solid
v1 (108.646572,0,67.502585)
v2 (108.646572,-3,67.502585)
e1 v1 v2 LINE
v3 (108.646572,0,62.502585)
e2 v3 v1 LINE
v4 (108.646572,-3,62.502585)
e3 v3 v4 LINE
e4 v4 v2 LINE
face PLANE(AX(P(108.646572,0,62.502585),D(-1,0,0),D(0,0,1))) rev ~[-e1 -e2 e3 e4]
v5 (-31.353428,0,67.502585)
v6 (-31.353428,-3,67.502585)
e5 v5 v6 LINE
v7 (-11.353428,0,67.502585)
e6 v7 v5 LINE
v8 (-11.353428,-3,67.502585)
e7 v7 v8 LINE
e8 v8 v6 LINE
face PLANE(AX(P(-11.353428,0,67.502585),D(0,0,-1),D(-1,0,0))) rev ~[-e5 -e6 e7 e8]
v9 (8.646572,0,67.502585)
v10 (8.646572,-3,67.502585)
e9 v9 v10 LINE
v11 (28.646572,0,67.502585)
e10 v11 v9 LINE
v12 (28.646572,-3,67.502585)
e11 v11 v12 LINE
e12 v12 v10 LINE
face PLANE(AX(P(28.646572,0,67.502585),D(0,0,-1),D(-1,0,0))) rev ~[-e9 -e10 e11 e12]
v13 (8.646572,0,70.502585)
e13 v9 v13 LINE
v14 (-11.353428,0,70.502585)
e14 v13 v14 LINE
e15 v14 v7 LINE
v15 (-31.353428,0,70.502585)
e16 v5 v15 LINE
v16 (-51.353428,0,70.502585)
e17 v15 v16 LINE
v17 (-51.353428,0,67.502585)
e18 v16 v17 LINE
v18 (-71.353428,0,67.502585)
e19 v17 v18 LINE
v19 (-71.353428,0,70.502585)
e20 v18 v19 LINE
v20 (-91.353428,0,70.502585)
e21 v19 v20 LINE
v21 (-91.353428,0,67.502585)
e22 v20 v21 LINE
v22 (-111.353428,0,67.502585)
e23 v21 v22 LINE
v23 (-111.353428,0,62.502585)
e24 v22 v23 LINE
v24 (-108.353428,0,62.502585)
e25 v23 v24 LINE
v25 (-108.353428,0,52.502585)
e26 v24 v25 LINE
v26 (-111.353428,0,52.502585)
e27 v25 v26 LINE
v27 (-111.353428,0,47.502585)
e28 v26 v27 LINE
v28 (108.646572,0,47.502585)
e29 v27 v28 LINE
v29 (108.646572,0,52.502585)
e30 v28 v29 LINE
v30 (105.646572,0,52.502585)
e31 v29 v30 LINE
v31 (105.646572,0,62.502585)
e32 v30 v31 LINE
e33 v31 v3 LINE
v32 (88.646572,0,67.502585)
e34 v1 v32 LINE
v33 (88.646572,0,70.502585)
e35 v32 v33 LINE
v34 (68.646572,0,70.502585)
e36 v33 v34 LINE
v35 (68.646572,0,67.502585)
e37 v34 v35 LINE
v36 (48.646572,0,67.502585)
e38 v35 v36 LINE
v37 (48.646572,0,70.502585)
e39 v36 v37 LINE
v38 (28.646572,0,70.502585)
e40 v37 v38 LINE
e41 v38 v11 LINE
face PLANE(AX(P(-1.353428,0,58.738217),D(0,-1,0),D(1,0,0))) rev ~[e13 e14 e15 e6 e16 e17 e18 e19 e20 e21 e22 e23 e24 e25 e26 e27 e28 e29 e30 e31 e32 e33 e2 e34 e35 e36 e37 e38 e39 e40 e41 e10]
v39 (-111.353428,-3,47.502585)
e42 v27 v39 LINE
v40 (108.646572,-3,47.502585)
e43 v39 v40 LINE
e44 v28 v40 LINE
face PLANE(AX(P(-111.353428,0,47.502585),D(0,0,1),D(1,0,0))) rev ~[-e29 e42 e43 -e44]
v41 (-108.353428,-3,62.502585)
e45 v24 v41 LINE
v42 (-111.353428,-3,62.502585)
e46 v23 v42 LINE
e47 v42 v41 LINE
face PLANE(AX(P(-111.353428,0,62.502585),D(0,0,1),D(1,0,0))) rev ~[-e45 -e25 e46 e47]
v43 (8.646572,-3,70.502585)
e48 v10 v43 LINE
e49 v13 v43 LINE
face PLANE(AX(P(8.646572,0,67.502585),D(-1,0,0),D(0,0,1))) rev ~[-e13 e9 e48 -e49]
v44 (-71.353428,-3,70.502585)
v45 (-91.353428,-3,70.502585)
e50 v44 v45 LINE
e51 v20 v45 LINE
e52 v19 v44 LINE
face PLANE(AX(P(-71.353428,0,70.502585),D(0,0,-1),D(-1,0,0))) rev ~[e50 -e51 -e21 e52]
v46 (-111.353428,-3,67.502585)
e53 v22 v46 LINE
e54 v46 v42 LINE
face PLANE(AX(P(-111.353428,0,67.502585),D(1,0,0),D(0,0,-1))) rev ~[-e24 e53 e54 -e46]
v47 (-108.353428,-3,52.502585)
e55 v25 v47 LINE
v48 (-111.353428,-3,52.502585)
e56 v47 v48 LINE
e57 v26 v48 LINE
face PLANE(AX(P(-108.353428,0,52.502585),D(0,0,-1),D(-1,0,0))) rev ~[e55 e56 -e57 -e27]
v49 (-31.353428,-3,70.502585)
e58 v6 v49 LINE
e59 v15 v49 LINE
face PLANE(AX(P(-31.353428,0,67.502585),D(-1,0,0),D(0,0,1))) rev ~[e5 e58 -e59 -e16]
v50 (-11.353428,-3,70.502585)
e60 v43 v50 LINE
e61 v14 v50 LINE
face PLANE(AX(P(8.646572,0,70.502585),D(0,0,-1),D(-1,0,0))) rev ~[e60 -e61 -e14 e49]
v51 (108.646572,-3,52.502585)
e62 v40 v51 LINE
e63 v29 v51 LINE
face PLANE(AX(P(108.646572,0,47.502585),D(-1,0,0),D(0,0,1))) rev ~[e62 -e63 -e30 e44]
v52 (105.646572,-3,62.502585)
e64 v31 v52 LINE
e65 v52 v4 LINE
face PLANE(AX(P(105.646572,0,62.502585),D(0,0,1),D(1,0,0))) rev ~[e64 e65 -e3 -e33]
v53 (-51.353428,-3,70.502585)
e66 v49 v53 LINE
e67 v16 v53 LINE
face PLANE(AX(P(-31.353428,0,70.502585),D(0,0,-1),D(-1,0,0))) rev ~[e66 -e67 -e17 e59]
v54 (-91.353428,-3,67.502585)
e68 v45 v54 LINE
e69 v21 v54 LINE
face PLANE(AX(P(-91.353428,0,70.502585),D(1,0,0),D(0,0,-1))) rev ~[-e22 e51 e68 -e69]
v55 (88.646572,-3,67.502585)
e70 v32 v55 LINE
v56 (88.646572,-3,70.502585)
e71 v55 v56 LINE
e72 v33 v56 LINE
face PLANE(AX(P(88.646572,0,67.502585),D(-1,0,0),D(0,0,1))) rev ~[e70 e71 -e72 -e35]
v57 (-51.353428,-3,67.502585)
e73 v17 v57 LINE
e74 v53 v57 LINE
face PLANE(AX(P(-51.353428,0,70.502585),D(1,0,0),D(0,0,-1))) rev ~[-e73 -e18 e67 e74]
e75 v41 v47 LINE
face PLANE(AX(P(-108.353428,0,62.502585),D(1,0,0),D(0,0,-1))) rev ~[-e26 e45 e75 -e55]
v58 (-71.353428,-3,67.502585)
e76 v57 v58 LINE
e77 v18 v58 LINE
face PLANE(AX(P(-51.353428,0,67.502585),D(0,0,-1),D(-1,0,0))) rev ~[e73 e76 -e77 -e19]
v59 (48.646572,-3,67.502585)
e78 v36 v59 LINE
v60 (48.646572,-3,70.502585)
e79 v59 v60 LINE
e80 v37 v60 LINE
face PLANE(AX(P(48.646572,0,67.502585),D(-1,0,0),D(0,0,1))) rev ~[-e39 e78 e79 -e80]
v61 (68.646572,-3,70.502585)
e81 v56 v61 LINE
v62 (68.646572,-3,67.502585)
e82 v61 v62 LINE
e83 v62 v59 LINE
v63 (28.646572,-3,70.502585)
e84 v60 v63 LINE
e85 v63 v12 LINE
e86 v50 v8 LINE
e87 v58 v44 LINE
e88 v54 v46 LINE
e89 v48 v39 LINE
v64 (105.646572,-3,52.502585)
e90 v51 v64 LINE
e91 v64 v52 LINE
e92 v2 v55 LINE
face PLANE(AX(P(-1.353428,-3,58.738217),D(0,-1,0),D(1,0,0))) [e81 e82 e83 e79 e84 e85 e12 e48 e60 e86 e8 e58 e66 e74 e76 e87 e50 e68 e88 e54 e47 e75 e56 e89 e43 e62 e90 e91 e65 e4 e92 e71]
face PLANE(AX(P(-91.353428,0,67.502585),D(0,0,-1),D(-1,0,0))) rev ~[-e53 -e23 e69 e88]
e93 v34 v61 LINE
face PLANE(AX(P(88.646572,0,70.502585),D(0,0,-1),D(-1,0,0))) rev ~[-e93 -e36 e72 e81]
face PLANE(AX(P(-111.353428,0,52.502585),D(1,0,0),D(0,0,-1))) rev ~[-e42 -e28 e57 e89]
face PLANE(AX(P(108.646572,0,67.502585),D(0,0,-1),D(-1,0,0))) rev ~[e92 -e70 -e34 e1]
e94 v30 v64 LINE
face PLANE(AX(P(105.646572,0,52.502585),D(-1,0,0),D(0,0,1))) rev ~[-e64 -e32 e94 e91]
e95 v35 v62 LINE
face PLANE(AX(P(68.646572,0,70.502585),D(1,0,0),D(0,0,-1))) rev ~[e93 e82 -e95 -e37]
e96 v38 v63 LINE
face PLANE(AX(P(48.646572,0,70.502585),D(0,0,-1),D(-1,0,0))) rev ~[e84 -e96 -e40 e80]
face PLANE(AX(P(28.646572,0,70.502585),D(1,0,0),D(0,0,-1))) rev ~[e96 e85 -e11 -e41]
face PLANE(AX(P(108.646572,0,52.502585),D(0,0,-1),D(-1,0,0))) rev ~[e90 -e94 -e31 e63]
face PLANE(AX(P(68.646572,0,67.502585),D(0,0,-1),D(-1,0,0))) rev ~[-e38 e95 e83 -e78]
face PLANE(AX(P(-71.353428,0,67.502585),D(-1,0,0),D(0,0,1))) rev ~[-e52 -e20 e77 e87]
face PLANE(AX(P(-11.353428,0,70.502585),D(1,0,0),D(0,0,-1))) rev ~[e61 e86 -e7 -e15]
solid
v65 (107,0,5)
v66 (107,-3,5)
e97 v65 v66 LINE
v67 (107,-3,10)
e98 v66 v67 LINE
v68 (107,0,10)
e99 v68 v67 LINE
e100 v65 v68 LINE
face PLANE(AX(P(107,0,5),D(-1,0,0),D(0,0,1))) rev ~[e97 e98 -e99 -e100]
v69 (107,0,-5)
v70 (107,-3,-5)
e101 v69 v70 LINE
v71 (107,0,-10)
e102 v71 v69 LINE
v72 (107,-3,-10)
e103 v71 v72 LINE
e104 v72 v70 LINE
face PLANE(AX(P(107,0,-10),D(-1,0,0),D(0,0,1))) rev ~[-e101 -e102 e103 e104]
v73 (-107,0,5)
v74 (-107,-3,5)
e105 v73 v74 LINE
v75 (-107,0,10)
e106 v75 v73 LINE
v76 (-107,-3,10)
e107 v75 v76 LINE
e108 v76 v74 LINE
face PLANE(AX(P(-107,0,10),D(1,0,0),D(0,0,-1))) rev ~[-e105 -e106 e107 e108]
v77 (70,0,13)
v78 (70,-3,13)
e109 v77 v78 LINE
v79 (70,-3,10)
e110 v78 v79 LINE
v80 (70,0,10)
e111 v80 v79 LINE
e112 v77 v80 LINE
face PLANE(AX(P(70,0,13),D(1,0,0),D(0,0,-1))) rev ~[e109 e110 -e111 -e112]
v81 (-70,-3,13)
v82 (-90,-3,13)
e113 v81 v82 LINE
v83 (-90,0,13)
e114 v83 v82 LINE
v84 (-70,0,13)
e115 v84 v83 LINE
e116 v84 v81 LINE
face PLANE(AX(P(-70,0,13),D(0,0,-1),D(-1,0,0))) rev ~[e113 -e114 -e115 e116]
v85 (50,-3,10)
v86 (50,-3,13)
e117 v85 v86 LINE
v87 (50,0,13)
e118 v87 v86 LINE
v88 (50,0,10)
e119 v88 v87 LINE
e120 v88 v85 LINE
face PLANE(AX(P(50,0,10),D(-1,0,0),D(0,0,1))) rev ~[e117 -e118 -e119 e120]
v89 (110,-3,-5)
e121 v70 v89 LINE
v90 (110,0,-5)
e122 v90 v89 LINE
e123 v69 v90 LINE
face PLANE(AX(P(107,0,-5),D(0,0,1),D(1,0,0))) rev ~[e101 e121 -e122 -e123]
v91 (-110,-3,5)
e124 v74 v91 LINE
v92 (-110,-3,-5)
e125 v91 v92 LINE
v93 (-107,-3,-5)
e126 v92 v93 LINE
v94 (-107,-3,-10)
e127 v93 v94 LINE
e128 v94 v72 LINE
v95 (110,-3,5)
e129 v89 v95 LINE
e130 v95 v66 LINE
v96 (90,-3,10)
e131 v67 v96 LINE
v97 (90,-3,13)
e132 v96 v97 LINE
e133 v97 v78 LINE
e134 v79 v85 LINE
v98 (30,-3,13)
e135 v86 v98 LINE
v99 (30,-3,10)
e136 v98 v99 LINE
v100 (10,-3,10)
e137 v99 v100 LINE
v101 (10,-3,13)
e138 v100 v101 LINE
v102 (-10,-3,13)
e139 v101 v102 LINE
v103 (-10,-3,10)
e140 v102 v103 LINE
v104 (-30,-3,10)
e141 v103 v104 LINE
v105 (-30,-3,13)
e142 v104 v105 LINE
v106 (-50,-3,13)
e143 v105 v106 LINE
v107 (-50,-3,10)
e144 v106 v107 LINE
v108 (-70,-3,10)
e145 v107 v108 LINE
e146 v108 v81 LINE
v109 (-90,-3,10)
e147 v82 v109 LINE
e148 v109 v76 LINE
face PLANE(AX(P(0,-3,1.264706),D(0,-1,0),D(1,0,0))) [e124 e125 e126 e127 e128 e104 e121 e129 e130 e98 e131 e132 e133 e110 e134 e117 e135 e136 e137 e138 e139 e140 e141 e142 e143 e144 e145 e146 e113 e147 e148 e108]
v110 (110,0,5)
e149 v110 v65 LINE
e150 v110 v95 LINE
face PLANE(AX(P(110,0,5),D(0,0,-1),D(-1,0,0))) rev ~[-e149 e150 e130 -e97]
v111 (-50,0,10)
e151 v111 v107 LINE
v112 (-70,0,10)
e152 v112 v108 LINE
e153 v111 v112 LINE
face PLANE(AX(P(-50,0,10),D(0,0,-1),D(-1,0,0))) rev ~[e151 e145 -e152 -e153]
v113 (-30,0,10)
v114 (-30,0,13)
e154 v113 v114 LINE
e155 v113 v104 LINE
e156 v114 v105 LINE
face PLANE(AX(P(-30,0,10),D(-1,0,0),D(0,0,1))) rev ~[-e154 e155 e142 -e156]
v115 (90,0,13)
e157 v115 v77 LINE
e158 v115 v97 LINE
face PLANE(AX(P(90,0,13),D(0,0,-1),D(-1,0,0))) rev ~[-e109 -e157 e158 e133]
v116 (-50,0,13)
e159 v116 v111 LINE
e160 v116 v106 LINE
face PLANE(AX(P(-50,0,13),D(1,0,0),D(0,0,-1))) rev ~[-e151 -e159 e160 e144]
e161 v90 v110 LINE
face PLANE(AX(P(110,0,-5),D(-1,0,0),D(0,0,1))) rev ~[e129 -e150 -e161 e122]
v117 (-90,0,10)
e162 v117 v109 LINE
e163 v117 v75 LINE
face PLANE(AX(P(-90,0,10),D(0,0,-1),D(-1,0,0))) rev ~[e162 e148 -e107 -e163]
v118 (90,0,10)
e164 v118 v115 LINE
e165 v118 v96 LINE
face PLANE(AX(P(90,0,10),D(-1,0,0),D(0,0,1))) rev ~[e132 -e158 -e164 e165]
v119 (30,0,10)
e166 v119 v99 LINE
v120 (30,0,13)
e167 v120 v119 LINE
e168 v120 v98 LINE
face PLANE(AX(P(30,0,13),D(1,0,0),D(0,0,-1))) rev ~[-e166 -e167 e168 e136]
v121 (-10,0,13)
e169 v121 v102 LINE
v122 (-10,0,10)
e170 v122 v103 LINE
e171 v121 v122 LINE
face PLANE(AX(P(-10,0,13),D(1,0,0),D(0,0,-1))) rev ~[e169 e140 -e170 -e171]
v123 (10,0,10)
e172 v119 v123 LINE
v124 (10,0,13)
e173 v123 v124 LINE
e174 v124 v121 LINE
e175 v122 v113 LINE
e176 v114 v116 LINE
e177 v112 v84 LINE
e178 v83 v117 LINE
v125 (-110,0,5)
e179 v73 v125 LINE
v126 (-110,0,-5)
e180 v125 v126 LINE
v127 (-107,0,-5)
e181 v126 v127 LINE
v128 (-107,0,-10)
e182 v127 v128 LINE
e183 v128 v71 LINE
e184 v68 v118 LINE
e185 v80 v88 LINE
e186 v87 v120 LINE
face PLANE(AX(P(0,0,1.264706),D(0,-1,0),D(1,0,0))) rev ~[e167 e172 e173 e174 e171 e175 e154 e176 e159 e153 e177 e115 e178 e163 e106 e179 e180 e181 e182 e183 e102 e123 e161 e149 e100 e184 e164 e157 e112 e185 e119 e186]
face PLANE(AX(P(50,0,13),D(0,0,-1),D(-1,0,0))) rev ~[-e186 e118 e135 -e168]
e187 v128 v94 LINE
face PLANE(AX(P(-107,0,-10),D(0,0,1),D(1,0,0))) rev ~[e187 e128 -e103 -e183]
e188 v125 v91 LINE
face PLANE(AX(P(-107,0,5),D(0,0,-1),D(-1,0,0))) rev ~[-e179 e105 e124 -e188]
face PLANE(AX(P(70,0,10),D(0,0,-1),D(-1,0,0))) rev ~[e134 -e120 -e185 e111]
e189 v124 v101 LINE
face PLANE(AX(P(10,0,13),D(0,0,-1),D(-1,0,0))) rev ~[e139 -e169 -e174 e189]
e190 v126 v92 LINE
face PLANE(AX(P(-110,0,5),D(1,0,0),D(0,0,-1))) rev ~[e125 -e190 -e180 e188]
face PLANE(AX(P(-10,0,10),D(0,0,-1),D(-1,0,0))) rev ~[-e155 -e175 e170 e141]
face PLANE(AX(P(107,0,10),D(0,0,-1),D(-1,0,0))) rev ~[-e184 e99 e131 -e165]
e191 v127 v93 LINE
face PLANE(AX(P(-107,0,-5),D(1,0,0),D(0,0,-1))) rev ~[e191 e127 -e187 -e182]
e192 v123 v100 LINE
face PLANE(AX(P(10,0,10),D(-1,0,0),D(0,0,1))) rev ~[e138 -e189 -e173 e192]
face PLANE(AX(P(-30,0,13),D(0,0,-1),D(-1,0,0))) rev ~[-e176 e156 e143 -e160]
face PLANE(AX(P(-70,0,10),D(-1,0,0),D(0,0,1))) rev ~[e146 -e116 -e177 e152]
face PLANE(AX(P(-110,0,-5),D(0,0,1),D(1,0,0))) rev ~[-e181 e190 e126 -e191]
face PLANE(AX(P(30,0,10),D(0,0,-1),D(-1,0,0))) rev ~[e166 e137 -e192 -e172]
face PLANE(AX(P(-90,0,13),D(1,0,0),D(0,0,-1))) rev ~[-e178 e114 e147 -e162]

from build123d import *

# Parameters (mm, degrees)
F1_DEPTH = 3


with BuildPart() as f1:
    # F0 (on Front) → F1 (new body)
    with BuildSketch(Plane.XZ):
        Polygon((-91.353428, 67.502585), (-111.353428, 67.502585), (-111.353428, 62.502585), (-108.353428, 62.502585), (-108.353428, 52.502585), (-111.353428, 52.502585), (-111.353428, 47.502585), (108.646572, 47.502585), (108.646572, 52.502585), (105.646572, 52.502585), (105.646572, 62.502585), (108.646572, 62.502585), (108.646572, 67.502585), (88.646572, 67.502585), (88.646572, 70.502585), (68.646572, 70.502585), (68.646572, 67.502585), (48.646572, 67.502585), (48.646572, 70.502585), (28.646572, 70.502585), (28.646572, 67.502585), (8.646572, 67.502585), (8.646572, 70.502585), (-11.353428, 70.502585), (-11.353428, 67.502585), (-31.353428, 67.502585), (-31.353428, 70.502585), (-51.353428, 70.502585), (-51.353428, 67.502585), (-71.353428, 67.502585), (-71.353428, 70.502585), (-91.353428, 70.502585), align=None)
        Polygon((-90, 10), (-107, 10), (-107, 5), (-110, 5), (-110, -5), (-107, -5), (-107, -10), (107, -10), (107, -5), (110, -5), (110, 5), (107, 5), (107, 10), (90, 10), (90, 13), (70, 13), (70, 10), (50, 10), (50, 13), (30, 13), (30, 10), (10, 10), (10, 13), (-10, 13), (-10, 10), (-30, 10), (-30, 13), (-50, 13), (-50, 10), (-70, 10), (-70, 13), (-90, 13), align=None)
    extrude(amount=F1_DEPTH)


solid = f1.part
